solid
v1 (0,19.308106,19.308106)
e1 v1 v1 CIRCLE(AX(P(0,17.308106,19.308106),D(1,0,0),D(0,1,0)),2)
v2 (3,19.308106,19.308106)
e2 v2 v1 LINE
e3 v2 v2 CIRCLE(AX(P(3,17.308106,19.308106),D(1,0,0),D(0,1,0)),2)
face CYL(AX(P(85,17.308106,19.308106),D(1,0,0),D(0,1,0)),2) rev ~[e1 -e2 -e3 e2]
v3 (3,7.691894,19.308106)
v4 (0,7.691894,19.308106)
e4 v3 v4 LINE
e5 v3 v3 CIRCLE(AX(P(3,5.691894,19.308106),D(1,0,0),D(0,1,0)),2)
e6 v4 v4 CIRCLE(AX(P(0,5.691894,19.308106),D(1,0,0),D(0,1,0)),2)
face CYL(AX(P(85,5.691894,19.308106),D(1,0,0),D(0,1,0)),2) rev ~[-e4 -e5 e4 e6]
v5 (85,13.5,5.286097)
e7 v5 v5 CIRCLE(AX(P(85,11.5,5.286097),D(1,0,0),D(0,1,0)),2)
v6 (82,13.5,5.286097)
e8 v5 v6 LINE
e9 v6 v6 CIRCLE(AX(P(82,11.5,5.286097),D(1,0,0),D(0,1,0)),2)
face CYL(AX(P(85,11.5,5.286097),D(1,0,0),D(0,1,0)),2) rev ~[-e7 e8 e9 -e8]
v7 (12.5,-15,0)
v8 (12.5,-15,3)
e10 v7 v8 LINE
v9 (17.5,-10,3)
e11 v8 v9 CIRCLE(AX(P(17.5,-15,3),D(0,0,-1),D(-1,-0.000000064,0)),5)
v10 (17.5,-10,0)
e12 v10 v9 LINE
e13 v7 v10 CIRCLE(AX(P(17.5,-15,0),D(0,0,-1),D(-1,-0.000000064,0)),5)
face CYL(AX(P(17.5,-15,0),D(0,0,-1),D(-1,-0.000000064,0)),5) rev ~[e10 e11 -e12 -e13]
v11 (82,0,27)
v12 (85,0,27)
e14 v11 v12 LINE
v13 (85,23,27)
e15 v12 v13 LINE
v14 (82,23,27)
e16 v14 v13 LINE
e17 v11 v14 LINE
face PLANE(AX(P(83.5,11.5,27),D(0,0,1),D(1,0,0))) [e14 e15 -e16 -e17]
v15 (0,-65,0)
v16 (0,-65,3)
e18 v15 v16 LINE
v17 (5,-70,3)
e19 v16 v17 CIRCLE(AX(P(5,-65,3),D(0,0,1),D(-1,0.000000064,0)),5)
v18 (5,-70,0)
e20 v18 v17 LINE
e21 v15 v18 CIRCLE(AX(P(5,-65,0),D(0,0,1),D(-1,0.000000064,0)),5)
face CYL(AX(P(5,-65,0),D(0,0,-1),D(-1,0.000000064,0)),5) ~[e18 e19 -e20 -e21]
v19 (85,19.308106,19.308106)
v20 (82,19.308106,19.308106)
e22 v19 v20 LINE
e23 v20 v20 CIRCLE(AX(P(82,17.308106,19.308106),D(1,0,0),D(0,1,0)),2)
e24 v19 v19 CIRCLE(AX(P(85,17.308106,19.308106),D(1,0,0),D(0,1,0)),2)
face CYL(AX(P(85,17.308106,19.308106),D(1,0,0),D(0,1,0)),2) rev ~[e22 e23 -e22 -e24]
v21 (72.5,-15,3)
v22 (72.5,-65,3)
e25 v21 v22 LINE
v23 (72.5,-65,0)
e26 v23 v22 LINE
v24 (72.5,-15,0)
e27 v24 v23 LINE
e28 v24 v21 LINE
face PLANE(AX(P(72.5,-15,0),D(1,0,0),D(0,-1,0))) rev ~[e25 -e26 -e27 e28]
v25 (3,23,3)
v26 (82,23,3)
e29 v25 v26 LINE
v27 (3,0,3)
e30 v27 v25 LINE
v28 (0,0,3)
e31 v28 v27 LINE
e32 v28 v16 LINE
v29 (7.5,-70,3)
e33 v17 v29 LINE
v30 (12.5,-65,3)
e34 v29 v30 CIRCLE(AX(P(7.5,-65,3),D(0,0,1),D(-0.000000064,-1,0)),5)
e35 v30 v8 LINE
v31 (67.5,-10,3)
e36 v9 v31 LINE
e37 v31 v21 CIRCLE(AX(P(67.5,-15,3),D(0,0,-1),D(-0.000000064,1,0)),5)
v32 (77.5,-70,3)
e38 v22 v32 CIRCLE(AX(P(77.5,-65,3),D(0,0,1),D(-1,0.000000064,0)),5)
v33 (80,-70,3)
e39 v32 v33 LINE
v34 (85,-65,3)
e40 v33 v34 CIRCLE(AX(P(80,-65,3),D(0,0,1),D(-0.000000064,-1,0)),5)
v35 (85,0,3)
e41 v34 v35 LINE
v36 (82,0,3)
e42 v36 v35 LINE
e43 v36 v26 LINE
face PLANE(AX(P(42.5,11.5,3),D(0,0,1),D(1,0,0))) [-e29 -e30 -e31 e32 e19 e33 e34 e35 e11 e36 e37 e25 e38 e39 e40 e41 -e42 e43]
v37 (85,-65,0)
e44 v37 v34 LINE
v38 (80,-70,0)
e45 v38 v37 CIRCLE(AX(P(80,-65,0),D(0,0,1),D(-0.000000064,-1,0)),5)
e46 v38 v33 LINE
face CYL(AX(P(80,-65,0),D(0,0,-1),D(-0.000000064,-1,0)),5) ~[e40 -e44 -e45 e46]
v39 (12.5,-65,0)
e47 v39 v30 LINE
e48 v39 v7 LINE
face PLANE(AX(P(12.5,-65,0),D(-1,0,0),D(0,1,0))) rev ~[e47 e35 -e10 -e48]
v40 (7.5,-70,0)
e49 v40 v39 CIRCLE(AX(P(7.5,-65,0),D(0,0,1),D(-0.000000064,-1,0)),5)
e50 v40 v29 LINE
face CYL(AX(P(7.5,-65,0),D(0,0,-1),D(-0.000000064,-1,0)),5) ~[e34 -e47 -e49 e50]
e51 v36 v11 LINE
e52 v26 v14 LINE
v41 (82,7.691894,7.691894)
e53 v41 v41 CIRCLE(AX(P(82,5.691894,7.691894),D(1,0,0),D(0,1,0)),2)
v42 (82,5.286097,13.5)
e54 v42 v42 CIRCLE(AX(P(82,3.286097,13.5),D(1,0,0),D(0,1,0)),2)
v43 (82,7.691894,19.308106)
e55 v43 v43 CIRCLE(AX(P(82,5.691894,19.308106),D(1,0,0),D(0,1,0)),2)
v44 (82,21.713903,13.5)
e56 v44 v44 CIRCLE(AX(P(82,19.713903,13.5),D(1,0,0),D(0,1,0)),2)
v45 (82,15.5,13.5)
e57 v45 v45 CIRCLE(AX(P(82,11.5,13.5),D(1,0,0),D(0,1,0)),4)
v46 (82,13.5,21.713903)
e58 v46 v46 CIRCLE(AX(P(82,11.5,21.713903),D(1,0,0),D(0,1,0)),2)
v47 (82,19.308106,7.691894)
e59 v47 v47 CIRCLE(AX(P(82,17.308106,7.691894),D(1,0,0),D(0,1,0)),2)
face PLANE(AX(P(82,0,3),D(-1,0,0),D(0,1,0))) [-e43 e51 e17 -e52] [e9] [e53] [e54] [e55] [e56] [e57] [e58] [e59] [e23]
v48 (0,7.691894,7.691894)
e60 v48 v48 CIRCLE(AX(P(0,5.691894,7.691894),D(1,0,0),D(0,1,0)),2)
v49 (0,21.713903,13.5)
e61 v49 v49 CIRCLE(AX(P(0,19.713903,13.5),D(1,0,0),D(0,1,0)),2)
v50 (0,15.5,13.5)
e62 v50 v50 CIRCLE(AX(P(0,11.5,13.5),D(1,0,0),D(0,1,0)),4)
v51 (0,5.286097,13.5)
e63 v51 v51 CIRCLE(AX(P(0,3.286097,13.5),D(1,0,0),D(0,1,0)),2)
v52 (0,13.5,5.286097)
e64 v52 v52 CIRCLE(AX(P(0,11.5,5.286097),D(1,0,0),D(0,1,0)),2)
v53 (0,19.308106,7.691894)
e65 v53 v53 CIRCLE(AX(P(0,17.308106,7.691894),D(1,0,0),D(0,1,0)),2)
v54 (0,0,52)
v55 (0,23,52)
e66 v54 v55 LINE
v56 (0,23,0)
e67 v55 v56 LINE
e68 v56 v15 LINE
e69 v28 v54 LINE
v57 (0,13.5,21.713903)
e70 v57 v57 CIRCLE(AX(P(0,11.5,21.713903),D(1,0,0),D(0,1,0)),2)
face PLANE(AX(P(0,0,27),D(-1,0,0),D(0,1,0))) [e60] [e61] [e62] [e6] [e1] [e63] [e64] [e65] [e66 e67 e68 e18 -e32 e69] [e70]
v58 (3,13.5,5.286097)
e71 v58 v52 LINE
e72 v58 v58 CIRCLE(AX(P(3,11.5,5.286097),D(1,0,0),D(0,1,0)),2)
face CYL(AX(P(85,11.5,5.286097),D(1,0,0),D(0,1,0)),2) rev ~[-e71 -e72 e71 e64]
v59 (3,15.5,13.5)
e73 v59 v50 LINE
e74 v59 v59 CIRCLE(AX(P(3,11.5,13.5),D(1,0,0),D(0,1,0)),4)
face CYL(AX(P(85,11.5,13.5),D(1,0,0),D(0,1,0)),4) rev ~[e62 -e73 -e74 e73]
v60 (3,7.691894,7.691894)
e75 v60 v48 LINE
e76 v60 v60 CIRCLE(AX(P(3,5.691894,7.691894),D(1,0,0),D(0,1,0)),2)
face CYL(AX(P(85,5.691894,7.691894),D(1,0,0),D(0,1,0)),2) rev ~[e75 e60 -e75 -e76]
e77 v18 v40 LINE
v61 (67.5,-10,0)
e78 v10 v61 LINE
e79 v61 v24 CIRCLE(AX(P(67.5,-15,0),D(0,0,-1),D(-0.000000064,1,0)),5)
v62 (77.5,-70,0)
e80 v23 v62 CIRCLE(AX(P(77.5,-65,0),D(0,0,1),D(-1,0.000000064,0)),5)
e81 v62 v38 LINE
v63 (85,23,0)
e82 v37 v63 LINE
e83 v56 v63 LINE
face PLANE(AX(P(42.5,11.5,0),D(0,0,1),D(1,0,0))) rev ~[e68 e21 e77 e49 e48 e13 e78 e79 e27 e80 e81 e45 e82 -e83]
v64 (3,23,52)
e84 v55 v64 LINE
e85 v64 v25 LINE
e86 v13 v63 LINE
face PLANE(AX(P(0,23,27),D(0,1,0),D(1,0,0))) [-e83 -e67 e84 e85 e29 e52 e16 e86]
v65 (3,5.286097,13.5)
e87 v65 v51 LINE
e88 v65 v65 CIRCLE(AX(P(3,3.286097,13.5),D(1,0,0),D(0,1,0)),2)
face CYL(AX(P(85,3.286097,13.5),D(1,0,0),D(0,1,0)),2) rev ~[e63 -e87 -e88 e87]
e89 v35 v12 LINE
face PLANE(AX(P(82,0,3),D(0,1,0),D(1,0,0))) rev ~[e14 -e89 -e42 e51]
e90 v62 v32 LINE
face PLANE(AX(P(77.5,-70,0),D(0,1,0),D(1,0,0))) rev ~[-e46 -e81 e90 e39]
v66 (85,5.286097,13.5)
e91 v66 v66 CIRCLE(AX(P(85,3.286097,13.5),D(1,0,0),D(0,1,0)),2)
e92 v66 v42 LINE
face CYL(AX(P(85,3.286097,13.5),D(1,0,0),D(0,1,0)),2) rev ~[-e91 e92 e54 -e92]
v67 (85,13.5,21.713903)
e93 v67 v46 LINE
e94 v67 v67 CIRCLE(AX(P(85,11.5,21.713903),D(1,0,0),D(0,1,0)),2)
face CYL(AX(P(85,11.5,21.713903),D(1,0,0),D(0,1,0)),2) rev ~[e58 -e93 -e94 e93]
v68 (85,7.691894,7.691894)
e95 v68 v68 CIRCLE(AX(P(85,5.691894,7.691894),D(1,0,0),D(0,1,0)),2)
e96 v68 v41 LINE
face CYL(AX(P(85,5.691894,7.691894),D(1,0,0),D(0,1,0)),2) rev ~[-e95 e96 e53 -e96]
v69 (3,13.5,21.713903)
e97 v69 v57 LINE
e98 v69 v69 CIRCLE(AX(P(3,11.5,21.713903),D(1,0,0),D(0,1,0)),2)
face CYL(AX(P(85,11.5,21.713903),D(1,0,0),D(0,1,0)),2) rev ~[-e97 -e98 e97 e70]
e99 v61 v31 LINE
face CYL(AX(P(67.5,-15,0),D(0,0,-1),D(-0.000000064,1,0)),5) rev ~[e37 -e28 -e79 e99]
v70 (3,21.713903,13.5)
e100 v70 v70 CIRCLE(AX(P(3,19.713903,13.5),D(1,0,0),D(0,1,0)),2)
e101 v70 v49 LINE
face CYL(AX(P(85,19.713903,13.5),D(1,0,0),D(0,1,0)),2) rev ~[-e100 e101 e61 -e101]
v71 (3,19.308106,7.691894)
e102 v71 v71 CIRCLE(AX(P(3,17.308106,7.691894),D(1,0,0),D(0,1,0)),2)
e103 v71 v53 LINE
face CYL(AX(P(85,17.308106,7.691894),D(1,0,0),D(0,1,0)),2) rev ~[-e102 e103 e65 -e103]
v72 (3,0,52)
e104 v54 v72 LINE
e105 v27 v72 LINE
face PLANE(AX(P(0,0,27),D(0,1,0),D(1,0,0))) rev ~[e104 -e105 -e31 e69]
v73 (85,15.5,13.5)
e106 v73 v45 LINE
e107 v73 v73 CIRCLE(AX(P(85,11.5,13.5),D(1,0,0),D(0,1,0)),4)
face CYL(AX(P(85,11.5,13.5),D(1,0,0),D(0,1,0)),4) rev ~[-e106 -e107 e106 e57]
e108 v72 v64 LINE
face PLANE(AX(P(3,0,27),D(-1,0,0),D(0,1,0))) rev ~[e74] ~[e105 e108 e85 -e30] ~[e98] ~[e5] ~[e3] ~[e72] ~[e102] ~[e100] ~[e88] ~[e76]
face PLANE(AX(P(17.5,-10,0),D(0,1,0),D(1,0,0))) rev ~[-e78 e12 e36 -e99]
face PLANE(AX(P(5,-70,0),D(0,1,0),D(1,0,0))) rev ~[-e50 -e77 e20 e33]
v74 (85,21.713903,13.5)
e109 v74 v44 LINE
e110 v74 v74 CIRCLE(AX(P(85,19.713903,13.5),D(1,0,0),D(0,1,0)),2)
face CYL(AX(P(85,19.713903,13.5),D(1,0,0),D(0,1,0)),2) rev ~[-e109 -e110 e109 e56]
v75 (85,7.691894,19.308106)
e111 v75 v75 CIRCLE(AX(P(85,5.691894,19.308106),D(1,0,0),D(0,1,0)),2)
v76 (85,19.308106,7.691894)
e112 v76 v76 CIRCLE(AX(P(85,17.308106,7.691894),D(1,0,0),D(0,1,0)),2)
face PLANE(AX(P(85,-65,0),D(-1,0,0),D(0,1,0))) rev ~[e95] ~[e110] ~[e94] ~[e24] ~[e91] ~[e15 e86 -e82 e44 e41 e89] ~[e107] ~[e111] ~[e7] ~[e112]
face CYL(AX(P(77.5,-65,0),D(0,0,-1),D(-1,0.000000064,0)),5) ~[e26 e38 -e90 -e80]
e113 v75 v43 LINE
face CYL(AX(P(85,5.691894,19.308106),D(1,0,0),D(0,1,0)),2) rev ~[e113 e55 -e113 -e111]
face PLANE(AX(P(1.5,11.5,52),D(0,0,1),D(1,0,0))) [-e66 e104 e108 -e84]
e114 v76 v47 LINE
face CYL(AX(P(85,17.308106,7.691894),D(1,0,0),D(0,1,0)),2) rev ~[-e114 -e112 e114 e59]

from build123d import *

# Parameters (mm, degrees)
F0_W     = 85
F0_H     = 23
F1_DEPTH = 3
F2_W     = 3
F2_H     = 23
F3_DEPTH = 24
F4_W     = 3
F4_H     = 23
F5_DEPTH = 25
F6_R     = 4
F6_R_2   = 2
F7_DEPTH = 100


with BuildPart() as f1:
    # F0 (on Top) → F1 (new body)
    with BuildSketch(Plane.XY):
        with Locations((42.5, 11.5)):
            Rectangle(F0_W, F0_H)
        with BuildLine():
            Line((85, 0), (0, 0))
            Line((0, 0), (0, -10))
            Line((0, -10), (0, -65))
            ThreePointArc((0, -65), (1.464466, -68.535534), (5, -70))
            Line((5, -70), (7.5, -70))
            ThreePointArc((7.5, -70), (11.035534, -68.535534), (12.5, -65))
            Line((12.5, -65), (12.5, -15))
            ThreePointArc((12.5, -15), (13.964466, -11.464466), (17.5, -10))
            Line((17.5, -10), (67.5, -10))
            ThreePointArc((67.5, -10), (71.035534, -11.464466), (72.5, -15))
            Line((72.5, -15), (72.5, -65))
            ThreePointArc((72.5, -65), (73.964466, -68.535534), (77.5, -70))
            Line((77.5, -70), (80, -70))
            ThreePointArc((80, -70), (83.535534, -68.535534), (85, -65))
            Line((85, -65), (85, -10))
            Line((85, -10), (85, 0))
        make_face()
    extrude(amount=F1_DEPTH)

    # F2 (on face) → F3 (join)
    with BuildSketch(Plane.XY.offset(3)):
        with Locations((1.5, 11.5)):
            Rectangle(F2_W, F2_H)
        with Locations((83.5, 11.5)):
            Rectangle(F2_W, F2_H)
    extrude(amount=F3_DEPTH)

    # F4 (on face) → F5 (join)
    with BuildSketch(Plane.XY.offset(27)):
        with Locations((1.5, 11.5)):
            Rectangle(F4_W, F4_H)
    extrude(amount=F5_DEPTH)

    # F6 (on face) → F7 (cut)
    with BuildSketch(Plane.YZ.offset(85)):
        with Locations((11.5, 13.5)):
            Circle(F6_R)
        with Locations((19.713903, 13.5)):
            Circle(F6_R_2)
        with Locations((17.308106, 19.308106)):
            Circle(F6_R_2)
        with Locations((11.5, 21.713903)):
            Circle(F6_R_2)
        with Locations((5.691894, 19.308106)):
            Circle(F6_R_2)
        with Locations((3.286097, 13.5)):
            Circle(F6_R_2)
        with Locations((5.691894, 7.691894)):
            Circle(F6_R_2)
        with Locations((11.5, 5.286097)):
            Circle(F6_R_2)
        with Locations((17.308106, 7.691894)):
            Circle(F6_R_2)
    extrude(amount=-F7_DEPTH, mode=Mode.SUBTRACT)


solid = f1.part
